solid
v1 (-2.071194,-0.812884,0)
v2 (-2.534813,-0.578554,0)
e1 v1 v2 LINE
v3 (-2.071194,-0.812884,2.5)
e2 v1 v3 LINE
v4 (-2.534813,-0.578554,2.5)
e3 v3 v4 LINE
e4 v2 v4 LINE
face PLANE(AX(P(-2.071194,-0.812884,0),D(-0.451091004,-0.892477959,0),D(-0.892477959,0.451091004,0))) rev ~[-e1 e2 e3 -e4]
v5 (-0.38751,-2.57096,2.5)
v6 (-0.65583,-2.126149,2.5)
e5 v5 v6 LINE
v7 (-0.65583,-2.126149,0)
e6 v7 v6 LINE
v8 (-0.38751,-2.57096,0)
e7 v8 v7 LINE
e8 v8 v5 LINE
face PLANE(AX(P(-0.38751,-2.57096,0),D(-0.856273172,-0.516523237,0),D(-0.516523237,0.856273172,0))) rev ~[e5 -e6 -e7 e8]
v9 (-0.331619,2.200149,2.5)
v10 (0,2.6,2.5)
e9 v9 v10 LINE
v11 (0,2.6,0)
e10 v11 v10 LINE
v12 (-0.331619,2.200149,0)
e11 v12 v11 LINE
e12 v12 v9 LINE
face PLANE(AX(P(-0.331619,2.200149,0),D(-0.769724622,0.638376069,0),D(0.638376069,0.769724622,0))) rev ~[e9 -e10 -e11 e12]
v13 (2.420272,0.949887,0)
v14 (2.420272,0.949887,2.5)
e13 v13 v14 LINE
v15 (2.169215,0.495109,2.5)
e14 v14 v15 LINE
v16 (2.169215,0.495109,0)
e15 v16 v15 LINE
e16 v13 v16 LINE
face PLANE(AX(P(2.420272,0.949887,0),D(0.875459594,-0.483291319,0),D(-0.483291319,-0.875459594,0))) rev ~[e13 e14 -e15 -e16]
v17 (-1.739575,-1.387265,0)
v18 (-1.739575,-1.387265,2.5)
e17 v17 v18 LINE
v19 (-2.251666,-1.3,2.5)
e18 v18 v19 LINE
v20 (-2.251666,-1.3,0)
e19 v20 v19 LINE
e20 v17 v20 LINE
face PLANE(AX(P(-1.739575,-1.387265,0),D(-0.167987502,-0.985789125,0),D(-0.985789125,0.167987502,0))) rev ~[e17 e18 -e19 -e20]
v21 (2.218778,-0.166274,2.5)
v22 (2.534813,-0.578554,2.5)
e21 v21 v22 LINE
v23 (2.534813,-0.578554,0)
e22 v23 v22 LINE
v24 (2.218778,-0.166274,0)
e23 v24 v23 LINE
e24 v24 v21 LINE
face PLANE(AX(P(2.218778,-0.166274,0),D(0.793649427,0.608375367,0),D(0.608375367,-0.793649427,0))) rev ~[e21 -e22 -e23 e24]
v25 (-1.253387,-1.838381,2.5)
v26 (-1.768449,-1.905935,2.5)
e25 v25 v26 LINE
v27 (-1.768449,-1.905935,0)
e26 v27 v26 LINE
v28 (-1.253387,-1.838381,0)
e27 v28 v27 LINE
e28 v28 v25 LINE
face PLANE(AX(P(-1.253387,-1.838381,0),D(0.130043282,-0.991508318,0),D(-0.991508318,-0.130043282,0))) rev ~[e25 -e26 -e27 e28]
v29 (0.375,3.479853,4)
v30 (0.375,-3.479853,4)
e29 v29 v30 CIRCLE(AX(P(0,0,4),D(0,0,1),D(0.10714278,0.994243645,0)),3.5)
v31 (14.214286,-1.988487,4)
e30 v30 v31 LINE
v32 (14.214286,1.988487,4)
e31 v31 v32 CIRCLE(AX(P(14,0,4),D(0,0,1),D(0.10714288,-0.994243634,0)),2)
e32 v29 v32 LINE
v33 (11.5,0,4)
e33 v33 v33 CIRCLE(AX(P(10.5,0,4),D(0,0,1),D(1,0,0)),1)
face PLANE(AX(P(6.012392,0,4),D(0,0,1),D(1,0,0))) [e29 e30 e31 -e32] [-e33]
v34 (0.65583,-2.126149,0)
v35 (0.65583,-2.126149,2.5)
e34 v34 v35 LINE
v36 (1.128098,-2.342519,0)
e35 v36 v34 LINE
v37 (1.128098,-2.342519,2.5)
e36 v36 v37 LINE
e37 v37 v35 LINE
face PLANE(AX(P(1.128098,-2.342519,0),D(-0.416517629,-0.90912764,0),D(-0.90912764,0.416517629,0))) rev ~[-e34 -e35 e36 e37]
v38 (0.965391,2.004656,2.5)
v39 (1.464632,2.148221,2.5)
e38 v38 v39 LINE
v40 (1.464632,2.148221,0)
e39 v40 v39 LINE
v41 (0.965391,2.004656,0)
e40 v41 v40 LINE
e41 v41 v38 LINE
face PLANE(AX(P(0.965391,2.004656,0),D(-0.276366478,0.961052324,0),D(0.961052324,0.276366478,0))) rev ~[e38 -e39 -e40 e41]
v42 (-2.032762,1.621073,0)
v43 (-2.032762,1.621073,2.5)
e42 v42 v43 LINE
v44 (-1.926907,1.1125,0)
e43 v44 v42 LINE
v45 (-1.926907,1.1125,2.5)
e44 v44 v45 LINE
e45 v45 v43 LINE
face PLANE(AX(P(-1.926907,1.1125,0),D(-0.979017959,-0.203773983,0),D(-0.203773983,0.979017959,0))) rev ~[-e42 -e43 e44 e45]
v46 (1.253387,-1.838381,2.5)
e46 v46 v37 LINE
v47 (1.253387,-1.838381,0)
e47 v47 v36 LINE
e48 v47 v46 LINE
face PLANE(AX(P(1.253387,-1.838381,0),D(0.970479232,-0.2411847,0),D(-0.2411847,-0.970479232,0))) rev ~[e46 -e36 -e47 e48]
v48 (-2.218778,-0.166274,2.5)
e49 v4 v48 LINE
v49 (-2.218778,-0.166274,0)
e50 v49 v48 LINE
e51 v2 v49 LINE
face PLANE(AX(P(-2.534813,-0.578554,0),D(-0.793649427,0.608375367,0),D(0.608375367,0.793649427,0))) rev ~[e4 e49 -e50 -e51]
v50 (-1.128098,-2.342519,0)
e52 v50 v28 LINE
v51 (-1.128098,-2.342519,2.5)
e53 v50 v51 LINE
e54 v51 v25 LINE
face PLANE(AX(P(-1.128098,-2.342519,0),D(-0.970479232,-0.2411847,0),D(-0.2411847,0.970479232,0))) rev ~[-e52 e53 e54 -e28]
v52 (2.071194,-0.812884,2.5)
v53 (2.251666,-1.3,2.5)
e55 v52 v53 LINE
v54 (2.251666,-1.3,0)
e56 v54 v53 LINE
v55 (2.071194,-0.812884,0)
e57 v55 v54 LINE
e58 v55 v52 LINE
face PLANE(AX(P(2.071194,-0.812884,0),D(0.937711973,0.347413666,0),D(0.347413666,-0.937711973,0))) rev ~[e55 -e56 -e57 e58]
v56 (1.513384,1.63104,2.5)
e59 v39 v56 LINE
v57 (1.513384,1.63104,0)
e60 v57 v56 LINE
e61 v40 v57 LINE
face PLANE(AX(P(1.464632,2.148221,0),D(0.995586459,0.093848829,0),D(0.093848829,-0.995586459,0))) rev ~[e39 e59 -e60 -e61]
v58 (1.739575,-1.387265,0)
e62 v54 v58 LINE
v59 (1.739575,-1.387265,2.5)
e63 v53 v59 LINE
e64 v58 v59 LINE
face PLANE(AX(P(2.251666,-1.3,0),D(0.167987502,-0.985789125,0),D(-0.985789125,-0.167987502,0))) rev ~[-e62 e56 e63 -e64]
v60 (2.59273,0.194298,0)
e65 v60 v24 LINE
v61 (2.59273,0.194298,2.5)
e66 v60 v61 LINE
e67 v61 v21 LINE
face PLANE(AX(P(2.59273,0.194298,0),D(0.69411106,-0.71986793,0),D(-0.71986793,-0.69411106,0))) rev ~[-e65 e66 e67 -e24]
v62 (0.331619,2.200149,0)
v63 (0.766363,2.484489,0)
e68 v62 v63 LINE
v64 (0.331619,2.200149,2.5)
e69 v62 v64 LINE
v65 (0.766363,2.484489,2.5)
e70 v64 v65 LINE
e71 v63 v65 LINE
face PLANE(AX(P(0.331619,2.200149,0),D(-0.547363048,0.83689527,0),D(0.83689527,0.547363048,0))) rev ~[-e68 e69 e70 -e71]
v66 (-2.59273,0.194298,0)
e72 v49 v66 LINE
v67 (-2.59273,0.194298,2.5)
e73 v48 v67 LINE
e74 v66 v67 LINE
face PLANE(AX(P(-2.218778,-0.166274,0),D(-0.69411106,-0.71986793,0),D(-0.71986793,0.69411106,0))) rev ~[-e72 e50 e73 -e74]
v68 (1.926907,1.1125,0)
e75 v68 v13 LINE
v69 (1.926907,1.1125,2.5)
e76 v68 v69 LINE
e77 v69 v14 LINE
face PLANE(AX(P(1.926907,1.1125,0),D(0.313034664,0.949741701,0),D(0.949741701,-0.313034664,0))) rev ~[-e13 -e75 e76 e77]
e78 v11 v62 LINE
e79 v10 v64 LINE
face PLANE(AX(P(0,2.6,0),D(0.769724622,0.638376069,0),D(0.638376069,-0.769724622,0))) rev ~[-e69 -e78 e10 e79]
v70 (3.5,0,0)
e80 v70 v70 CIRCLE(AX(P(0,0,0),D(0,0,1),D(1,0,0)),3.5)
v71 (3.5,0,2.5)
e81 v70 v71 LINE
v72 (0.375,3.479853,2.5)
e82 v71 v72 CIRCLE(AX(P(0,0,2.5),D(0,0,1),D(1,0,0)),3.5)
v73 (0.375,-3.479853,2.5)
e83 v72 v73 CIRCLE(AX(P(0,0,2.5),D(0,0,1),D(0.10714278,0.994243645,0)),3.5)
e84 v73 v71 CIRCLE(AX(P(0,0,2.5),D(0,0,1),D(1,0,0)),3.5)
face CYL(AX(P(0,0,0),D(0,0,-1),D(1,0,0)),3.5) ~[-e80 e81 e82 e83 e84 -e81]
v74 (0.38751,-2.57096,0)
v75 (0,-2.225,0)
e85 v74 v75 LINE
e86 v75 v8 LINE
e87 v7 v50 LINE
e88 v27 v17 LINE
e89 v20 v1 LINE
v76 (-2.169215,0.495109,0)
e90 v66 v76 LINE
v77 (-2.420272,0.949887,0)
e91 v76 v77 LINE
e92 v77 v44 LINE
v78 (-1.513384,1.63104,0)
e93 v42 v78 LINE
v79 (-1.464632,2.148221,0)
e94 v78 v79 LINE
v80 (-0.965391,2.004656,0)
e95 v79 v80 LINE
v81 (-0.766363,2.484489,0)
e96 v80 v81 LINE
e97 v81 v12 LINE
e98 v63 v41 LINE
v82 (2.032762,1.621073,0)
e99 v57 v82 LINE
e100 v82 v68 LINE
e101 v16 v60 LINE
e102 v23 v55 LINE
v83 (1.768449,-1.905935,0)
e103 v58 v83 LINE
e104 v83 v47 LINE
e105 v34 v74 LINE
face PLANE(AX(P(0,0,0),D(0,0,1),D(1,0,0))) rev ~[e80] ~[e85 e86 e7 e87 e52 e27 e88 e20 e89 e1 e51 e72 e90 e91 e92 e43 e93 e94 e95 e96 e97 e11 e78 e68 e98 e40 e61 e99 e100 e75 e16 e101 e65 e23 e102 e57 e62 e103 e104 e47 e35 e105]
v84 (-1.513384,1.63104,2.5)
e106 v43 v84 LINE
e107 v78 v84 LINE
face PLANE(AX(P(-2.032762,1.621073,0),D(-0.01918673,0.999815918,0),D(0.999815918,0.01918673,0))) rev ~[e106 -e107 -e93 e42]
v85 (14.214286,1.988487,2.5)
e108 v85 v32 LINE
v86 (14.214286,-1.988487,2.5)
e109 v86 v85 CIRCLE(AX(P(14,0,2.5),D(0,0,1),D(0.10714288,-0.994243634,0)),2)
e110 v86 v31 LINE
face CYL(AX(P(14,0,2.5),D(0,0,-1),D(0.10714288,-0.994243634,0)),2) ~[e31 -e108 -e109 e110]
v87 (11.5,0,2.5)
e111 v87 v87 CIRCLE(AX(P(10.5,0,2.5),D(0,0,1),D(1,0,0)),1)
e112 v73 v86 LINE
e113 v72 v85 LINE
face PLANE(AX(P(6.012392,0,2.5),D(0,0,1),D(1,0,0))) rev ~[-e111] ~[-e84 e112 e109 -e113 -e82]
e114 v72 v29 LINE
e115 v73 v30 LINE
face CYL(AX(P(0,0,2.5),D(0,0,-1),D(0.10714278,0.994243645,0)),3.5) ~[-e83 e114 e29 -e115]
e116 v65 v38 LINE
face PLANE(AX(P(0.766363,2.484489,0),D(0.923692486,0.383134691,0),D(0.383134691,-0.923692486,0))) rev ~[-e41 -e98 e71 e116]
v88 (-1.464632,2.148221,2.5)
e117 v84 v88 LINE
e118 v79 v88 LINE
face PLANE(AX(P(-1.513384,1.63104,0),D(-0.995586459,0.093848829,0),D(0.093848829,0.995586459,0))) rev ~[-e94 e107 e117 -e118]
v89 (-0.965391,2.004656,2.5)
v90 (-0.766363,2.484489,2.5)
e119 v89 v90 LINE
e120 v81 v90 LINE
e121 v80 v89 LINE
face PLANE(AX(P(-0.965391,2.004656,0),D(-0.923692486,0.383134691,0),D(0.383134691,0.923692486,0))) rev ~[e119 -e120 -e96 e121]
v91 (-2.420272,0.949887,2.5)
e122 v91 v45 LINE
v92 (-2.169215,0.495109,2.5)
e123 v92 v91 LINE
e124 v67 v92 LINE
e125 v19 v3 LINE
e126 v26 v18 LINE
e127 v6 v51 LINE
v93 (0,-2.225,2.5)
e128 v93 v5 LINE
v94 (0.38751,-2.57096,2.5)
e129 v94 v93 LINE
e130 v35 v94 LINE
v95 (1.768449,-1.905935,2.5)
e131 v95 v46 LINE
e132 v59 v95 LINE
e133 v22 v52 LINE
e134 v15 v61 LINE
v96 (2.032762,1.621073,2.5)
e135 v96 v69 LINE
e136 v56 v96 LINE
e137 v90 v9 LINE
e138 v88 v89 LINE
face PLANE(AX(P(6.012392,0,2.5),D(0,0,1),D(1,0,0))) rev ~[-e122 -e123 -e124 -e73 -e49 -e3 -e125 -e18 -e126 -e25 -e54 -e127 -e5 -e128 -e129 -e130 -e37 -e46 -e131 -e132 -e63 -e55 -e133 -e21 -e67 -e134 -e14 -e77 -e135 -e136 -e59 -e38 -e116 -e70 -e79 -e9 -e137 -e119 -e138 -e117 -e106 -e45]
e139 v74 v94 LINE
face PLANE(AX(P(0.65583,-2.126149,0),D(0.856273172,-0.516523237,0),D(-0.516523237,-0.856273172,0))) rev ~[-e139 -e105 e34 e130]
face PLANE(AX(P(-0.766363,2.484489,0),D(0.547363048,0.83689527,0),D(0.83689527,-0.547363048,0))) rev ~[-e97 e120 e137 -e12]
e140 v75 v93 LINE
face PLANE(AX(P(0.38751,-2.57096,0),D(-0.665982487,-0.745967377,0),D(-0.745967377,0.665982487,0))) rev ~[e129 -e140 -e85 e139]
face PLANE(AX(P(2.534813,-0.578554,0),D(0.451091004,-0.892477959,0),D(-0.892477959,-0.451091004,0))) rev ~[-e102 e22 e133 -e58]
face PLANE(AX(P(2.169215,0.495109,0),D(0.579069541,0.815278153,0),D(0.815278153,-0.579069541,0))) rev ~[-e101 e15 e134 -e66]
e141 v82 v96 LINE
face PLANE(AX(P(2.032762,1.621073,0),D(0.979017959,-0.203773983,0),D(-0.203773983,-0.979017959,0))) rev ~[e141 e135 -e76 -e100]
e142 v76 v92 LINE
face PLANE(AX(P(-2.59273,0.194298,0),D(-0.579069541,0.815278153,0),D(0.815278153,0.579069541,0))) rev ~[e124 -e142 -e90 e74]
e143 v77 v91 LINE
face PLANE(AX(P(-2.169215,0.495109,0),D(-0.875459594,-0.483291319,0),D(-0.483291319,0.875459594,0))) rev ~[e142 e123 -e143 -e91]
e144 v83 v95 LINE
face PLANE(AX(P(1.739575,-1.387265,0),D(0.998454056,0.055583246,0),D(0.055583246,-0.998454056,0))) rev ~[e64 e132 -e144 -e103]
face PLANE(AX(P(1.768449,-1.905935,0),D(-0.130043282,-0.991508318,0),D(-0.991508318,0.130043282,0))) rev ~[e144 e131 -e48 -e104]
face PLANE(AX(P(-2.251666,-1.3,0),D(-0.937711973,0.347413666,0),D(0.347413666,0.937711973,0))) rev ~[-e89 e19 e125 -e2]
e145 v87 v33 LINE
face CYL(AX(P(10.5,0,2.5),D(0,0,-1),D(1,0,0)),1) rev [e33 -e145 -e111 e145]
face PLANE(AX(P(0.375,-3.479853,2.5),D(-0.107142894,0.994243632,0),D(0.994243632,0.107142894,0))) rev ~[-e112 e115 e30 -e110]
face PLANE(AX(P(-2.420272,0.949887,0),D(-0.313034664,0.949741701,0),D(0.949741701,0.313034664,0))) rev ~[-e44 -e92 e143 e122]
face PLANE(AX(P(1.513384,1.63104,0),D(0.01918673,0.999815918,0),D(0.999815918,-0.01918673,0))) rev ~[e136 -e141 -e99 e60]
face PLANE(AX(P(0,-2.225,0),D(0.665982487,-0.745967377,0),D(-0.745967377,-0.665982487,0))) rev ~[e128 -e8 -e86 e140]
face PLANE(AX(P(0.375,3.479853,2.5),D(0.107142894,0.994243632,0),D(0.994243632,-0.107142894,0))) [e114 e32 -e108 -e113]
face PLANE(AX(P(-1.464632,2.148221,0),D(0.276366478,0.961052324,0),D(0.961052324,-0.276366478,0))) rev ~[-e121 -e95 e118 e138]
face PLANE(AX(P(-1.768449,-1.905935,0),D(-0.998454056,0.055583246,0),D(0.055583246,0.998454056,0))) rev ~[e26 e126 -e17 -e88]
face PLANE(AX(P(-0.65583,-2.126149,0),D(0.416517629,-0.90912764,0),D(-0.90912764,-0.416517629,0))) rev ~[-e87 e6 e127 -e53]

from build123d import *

# Parameters (mm, degrees)
SKETCH_R     = 3.5
PAD_DEPTH    = 2.5
SKETCH001_R  = 1
PAD001_DEPTH = 1.5


with BuildPart() as part:
    # Sketch → Pad (new body)
    with BuildSketch(Plane.XY):
        Circle(SKETCH_R)
        Polygon((0.331619, 2.200149), (0.766363, 2.484489), (0.965391, 2.004656), (1.464632, 2.148221), (1.513384, 1.63104), (2.032762, 1.621073), (1.926907, 1.1125), (2.420272, 0.949887), (2.169215, 0.495109), (2.59273, 0.194298), (2.218778, -0.166274), (2.534813, -0.578554), (2.071194, -0.812884), (2.251666, -1.3), (1.739575, -1.387265), (1.768449, -1.905935), (1.253387, -1.838381), (1.128098, -2.342519), (0.65583, -2.126149), (0.38751, -2.57096), (0, -2.225), (-0.38751, -2.57096), (-0.65583, -2.126149), (-1.128098, -2.342519), (-1.253387, -1.838381), (-1.768449, -1.905935), (-1.739575, -1.387265), (-2.251666, -1.3), (-2.071194, -0.812884), (-2.534813, -0.578554), (-2.218778, -0.166274), (-2.59273, 0.194298), (-2.169215, 0.495109), (-2.420272, 0.949887), (-1.926907, 1.1125), (-2.032762, 1.621073), (-1.513384, 1.63104), (-1.464632, 2.148221), (-0.965391, 2.004656), (-0.766363, 2.484489), (-0.331619, 2.200149), (0, 2.6), align=None, mode=Mode.SUBTRACT)
    extrude(amount=PAD_DEPTH)

    # Sketch001 (on Face45 of Pad) → Pad001 (join)
    with BuildSketch(Plane.XY.offset(2.5)):
        with BuildLine():
            ThreePointArc((0.375, 3.479853), (-3.5, 0), (0.375, -3.479853))
            Line((0.375, -3.479853), (14.214286, -1.988487))
            ThreePointArc((14.214286, -1.988487), (16, 0), (14.214286, 1.988487))
            Line((0.375, 3.479853), (14.214286, 1.988487))
        make_face()
        with Locations((10.5, 0)):
            Circle(SKETCH001_R, mode=Mode.SUBTRACT)
    extrude(amount=PAD001_DEPTH)


solid = part.part
